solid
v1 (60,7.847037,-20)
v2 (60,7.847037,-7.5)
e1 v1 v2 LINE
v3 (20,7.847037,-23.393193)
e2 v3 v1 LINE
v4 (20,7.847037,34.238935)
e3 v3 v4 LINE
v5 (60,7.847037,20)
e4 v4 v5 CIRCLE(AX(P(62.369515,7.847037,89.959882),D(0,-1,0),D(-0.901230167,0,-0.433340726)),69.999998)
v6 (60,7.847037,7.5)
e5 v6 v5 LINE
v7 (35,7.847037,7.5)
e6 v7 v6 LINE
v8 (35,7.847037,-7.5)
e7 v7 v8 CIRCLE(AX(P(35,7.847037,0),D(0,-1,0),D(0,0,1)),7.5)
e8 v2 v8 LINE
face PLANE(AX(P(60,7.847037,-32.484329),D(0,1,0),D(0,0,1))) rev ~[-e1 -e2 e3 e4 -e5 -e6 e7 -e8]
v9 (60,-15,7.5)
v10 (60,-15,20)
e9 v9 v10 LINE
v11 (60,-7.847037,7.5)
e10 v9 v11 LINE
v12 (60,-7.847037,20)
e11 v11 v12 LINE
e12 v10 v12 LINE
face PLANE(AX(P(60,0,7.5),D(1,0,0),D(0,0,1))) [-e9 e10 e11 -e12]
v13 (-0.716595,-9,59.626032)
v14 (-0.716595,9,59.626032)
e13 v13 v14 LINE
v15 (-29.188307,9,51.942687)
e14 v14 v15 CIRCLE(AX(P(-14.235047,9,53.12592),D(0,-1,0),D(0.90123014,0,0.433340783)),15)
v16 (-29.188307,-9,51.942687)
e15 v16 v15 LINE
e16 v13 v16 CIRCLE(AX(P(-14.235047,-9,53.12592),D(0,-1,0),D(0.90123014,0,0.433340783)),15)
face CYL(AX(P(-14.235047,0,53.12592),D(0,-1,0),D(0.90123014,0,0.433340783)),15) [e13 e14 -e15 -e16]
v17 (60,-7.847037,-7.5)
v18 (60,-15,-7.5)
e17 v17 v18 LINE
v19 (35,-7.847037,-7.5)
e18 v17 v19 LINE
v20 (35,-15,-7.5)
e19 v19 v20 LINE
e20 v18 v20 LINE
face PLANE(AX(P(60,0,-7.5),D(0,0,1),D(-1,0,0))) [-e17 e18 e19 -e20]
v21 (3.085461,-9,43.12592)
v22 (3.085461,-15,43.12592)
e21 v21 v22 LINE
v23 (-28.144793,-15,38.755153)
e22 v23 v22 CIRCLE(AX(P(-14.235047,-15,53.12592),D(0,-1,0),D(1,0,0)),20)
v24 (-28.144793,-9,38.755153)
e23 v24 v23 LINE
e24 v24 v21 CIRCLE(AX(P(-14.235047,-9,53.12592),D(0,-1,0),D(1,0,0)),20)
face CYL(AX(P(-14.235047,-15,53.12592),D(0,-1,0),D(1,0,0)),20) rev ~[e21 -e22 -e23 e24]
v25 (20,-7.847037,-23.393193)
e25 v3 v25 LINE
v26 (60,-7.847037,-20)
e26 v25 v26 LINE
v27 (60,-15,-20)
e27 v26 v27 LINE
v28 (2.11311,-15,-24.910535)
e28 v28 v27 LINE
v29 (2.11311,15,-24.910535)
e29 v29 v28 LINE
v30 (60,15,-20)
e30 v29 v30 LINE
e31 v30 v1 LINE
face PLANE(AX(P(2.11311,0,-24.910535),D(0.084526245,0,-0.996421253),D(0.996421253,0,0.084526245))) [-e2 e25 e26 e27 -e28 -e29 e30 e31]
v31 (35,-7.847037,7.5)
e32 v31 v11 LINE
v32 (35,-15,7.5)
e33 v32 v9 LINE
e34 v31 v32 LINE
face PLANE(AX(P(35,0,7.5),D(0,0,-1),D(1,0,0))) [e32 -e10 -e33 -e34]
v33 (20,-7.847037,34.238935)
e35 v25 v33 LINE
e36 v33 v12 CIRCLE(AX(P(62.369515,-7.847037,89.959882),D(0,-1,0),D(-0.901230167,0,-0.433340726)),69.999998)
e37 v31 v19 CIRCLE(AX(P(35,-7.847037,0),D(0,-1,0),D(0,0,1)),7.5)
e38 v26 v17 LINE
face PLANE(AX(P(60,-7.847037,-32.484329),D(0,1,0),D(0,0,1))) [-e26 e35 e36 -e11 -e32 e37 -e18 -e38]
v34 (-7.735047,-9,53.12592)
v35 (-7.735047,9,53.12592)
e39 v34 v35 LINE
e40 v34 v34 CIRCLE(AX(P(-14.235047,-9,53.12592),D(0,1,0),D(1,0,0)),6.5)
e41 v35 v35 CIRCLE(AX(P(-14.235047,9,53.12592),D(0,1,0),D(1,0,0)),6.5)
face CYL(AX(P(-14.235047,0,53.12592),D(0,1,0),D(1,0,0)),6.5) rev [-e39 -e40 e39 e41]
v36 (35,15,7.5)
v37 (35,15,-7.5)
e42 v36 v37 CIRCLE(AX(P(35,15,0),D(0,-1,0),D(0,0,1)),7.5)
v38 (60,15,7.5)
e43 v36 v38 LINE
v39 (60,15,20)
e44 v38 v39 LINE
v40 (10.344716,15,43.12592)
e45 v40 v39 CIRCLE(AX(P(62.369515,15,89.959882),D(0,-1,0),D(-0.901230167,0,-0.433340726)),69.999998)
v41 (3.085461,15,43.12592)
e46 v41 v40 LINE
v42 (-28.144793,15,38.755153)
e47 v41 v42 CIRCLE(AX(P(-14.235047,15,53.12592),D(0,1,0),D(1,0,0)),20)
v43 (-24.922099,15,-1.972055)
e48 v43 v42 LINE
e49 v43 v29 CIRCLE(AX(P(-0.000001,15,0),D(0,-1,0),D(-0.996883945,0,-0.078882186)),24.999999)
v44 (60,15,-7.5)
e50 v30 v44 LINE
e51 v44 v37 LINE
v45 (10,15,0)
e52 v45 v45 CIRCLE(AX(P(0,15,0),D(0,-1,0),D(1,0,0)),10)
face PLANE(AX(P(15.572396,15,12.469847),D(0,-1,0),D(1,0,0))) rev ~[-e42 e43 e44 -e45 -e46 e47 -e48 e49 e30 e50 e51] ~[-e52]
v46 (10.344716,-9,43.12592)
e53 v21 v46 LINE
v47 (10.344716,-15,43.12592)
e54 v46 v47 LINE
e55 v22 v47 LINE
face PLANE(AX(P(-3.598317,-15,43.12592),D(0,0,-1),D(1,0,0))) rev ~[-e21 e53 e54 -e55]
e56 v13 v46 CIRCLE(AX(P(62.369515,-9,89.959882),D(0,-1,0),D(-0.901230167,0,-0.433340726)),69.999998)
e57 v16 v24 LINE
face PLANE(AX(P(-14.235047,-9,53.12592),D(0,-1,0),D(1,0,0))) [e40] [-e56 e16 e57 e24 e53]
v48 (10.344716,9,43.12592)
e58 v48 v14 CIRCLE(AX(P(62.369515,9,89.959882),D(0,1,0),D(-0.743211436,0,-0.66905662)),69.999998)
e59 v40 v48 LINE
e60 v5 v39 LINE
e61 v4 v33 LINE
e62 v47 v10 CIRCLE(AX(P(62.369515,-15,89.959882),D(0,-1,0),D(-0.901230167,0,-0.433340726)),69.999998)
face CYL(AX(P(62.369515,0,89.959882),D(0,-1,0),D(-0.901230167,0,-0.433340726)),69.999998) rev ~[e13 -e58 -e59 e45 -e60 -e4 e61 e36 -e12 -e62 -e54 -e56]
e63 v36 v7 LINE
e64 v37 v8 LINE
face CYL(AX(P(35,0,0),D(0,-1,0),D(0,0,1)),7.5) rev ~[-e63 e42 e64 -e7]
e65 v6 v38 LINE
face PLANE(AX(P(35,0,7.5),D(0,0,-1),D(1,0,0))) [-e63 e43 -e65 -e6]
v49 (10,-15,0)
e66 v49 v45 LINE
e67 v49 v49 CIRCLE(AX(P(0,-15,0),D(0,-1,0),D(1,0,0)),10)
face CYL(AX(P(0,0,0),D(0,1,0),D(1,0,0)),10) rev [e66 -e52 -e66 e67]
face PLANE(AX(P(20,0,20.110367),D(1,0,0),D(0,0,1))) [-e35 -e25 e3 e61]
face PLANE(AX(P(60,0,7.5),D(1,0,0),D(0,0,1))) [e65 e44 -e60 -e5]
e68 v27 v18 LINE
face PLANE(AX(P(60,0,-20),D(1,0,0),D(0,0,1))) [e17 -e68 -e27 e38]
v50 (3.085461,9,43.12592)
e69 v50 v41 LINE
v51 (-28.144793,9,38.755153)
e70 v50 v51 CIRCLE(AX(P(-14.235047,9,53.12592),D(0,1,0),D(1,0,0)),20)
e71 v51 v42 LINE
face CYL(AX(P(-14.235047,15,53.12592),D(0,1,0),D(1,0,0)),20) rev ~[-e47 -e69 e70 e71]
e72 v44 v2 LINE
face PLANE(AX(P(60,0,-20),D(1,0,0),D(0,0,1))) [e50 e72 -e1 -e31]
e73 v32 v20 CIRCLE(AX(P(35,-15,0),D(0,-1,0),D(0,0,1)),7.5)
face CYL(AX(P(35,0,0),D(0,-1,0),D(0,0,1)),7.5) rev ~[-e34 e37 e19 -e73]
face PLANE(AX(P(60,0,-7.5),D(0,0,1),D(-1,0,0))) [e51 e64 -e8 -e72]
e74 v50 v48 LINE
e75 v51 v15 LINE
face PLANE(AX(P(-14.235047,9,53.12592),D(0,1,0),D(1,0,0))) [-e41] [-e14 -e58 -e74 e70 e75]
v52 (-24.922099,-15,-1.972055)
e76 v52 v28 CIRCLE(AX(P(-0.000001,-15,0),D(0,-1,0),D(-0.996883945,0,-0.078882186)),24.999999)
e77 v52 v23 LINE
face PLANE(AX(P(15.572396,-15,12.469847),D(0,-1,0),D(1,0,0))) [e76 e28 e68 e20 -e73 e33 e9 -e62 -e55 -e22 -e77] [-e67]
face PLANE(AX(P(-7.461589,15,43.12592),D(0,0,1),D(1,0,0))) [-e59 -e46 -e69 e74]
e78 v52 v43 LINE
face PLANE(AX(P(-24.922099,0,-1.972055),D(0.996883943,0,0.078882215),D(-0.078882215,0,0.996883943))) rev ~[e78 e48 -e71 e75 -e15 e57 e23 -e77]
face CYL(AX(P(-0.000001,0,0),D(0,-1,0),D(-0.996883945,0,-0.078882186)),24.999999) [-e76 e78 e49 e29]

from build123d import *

# Parameters (mm, degrees)
SKETCH_R        = 10
SKETCH_R_2      = 6.5
PAD_DEPTH       = 15
SKETCH001_R     = 20
POCKET_DEPTH    = 6
SKETCH002_R     = 20
POCKET001_DEPTH = 6
SKETCH003_W     = 105.189392
SKETCH003_H     = 15.694074
POCKET002_DEPTH = 40
SKETCH004_W     = 18.945393
SKETCH004_H     = 8.112743
POCKET003_DEPTH = 6
SKETCH005_W     = 34.537269
SKETCH005_H     = 10.152644
POCKET004_DEPTH = 6


with BuildPart() as part:
    # Sketch → Pad (new body, symmetric)
    with BuildSketch(Plane.XZ):
        with BuildLine():
            ThreePointArc((-24.922099, -1.972055), (-16.174238, -19.062897), (2.11311, -24.910535))
            Line((2.11311, -24.910535), (60, -20))
            Line((60, -20), (60, -7.5))
            Line((60, -7.5), (35, -7.5))
            ThreePointArc((35, 7.5), (27.5, 0), (35, -7.5))
            Line((35, 7.5), (60, 7.5))
            Line((60, 7.5), (60, 20))
            ThreePointArc((-0.716595, 59.626032), (24.111636, 31.339626), (60, 20))
            ThreePointArc((-0.716595, 59.626032), (-18.14313, 67.607871), (-29.188307, 51.942687))
            Line((-24.922099, -1.972055), (-29.188307, 51.942687))
        make_face()
        Circle(SKETCH_R, mode=Mode.SUBTRACT)
        with Locations((-14.235047, 53.12592)):
            Circle(SKETCH_R_2, mode=Mode.SUBTRACT)
    extrude(amount=PAD_DEPTH, both=True)

    # Sketch001 → Pocket (cut)
    with BuildSketch(Plane.XZ.offset(15)):
        with Locations((-14.235047, 53.12592)):
            Circle(SKETCH001_R)
    extrude(amount=-POCKET_DEPTH, mode=Mode.SUBTRACT)

    # Sketch002 → Pocket001 (cut)
    with BuildSketch(Plane(origin=(0, 15, 0), x_dir=(1, 0, 0), z_dir=(0, 1, 0))):
        with Locations((-14.235047, -53.12592)):
            Circle(SKETCH002_R)
    extrude(amount=-POCKET001_DEPTH, mode=Mode.SUBTRACT)

    # Sketch003 → Pocket002 (cut)
    with BuildSketch(Plane(origin=(60, 0, 0), x_dir=(0, 0, 1), z_dir=(1, 0, 0))):
        with Locations((20.110367, 0)):
            Rectangle(SKETCH003_W, SKETCH003_H)
    extrude(amount=-POCKET002_DEPTH, mode=Mode.SUBTRACT)

    # Sketch004 → Pocket003 (cut)
    with BuildSketch(Plane.XZ.offset(15)):
        with Locations((5.87438, 47.182291)):
            Rectangle(SKETCH004_W, SKETCH004_H)
    extrude(amount=-POCKET003_DEPTH, mode=Mode.SUBTRACT)

    # Sketch005 → Pocket004 (cut)
    with BuildSketch(Plane(origin=(0, 15, 0), x_dir=(1, 0, 0), z_dir=(0, 1, 0))):
        with Locations((9.807045, -48.202242)):
            Rectangle(SKETCH005_W, SKETCH005_H)
    extrude(amount=-POCKET004_DEPTH, mode=Mode.SUBTRACT)


solid = part.part
